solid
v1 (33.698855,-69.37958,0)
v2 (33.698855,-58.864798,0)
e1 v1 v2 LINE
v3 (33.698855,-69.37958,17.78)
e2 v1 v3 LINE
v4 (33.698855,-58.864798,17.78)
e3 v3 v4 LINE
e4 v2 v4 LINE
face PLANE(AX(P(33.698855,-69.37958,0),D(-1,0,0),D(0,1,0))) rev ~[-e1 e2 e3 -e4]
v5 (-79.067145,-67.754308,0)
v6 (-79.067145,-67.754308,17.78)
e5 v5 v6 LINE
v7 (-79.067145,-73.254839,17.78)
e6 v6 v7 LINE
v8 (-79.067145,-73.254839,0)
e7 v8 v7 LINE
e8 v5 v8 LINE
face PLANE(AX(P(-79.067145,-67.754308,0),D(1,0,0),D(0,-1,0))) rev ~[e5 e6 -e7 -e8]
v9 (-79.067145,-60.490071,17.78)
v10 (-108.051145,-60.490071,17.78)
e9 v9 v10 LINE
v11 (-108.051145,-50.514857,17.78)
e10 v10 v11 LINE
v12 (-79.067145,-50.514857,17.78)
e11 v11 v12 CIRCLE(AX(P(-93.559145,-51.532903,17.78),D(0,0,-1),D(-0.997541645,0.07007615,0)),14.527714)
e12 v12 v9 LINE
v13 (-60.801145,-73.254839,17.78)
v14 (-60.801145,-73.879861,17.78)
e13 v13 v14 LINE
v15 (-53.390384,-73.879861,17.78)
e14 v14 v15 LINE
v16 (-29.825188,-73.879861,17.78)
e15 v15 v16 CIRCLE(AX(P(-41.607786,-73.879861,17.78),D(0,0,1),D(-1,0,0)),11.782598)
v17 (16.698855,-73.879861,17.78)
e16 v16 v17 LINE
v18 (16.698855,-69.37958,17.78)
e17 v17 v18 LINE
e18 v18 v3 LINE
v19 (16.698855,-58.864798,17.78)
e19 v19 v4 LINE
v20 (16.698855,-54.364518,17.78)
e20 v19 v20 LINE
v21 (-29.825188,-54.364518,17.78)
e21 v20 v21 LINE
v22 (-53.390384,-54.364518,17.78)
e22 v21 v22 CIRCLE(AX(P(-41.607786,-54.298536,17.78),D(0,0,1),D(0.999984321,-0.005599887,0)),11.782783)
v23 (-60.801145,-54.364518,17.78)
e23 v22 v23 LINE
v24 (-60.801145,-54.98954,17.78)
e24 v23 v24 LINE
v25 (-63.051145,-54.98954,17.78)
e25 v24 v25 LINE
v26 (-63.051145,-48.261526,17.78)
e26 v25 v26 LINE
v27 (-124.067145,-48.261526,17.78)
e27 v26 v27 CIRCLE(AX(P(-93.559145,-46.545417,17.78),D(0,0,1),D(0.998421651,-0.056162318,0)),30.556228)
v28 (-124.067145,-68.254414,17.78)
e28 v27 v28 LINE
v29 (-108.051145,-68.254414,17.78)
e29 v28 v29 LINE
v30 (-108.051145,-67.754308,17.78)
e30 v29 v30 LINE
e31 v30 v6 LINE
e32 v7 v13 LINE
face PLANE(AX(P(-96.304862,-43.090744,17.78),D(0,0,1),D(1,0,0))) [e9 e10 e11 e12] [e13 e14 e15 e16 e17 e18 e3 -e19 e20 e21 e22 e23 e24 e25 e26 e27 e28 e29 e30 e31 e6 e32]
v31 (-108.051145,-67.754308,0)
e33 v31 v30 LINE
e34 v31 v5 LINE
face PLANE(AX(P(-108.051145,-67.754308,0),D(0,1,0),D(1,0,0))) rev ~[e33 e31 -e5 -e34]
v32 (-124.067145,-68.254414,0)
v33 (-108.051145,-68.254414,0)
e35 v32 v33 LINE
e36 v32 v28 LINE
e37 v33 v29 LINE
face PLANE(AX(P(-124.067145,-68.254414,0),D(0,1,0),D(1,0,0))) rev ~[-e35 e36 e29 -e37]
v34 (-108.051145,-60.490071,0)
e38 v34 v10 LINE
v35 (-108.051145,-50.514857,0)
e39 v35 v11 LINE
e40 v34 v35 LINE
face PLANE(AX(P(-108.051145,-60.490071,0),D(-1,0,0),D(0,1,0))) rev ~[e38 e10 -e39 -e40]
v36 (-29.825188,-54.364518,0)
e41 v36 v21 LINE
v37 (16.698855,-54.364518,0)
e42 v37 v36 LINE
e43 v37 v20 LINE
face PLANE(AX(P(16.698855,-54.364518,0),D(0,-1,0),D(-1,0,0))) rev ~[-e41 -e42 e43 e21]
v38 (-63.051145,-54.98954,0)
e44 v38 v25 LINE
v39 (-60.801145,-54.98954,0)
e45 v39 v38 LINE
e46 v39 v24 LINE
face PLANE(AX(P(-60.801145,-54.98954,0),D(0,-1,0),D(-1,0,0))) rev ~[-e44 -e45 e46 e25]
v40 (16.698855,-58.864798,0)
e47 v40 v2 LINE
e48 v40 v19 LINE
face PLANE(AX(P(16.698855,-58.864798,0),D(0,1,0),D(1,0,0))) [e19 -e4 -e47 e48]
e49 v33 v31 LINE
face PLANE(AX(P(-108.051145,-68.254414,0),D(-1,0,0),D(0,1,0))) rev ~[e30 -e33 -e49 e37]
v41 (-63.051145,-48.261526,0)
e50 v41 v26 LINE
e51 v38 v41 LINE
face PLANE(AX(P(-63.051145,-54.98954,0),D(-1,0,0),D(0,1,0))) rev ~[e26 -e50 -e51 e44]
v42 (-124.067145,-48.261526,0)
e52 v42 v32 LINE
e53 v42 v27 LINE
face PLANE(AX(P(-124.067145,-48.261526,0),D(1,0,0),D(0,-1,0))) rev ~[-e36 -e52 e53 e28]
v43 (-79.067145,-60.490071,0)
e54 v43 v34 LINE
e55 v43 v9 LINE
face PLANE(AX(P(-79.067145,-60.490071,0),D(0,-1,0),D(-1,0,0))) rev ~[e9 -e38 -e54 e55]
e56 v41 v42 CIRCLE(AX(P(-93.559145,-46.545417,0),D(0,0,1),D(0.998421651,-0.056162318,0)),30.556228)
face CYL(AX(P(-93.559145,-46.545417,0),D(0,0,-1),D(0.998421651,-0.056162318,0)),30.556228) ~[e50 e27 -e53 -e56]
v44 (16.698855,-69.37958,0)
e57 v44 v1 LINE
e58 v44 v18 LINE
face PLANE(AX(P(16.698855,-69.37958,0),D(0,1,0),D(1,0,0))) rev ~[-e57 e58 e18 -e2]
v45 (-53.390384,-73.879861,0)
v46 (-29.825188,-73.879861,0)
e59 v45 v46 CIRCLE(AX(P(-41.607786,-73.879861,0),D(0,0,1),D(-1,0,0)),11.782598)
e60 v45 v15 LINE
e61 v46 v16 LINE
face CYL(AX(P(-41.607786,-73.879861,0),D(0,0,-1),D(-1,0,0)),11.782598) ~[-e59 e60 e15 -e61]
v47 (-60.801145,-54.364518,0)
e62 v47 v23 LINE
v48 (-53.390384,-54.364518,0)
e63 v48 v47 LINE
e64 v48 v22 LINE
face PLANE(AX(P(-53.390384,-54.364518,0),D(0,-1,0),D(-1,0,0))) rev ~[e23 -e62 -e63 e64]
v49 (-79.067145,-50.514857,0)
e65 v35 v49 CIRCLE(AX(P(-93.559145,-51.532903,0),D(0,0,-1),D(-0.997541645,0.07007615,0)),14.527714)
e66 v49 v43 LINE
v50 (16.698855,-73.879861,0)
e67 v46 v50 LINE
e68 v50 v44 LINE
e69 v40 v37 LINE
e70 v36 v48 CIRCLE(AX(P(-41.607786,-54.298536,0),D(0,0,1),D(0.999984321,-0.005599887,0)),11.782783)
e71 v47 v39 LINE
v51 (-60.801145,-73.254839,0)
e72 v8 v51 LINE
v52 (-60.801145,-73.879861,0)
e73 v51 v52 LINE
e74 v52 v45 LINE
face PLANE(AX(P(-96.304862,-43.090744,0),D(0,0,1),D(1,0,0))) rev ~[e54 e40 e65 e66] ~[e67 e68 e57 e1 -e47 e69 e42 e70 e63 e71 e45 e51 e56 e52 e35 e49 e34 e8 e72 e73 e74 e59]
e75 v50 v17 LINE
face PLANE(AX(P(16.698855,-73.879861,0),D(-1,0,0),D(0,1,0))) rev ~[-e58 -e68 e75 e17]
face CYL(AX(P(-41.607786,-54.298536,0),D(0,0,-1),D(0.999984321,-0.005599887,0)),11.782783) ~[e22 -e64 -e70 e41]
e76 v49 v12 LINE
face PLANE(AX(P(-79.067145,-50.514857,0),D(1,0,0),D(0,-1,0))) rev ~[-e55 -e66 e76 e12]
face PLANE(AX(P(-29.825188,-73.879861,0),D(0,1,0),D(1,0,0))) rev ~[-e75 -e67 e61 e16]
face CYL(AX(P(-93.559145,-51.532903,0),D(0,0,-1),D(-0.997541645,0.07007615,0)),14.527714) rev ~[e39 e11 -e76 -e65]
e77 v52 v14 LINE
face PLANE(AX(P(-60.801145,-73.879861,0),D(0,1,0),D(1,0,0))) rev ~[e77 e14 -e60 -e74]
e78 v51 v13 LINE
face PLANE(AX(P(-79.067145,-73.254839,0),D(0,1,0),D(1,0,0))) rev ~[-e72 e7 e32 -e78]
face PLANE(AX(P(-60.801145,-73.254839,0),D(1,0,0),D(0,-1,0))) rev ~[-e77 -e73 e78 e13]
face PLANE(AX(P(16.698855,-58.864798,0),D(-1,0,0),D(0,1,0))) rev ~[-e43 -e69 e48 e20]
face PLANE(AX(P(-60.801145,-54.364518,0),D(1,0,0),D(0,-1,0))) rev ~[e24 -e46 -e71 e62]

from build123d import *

# Parameters (mm, degrees)
F0_W     = 17
F0_H     = 10.514781
F1_DEPTH = 17.78


with BuildPart() as f1:
    # F0 (on Top) → F1 (new body)
    with BuildSketch(Plane.XY):
        with BuildLine():
            Line((-63.051145, -54.98954), (-63.051145, -48.261526))
            ThreePointArc((-63.051145, -48.261526), (-93.559145, -15.989189), (-124.067145, -48.261526))
            Line((-124.067145, -48.261526), (-124.067145, -54.989189))
            Line((-124.067145, -54.989189), (-124.067145, -56.005189))
            Line((-124.067145, -56.005189), (-124.067145, -68.254414))
            Line((-124.067145, -68.254414), (-108.051145, -68.254414))
            Line((-108.051145, -68.254414), (-108.051145, -67.754308))
            Line((-108.051145, -67.754308), (-108.051145, -60.490071))
            Line((-108.051145, -60.490071), (-108.051145, -56.005189))
            Line((-108.051145, -56.005189), (-108.051145, -54.989189))
            Line((-108.051145, -54.989189), (-108.051145, -50.514857))
            ThreePointArc((-108.051145, -50.514857), (-93.559145, -37.005189), (-79.067145, -50.514857))
            Line((-79.067145, -50.514857), (-79.067145, -54.98954))
            Line((-79.067145, -54.98954), (-63.051145, -54.98954))
        make_face()
        Polygon((-79.067145, -61.005189), (-79.067145, -60.490071), (-108.051145, -60.490071), (-108.051145, -67.754308), (-79.067145, -67.754308), align=None)
        Polygon((-60.801145, -54.98954), (-63.051145, -54.98954), (-79.067145, -54.98954), (-79.067145, -60.490071), (-79.067145, -61.005189), (-79.067145, -67.754308), (-79.067145, -73.254839), (-60.801145, -73.254839), align=None)
        Polygon((-60.801145, -54.364518), (-60.801145, -54.98954), (-60.801145, -73.254839), (-60.801145, -73.879861), (-53.390384, -73.879861), (-29.825188, -73.879861), (-23.928846, -73.879861), (16.698855, -73.879861), (16.698855, -69.37958), (16.698855, -58.864799), (16.698855, -54.364518), (-29.825188, -54.364518), (-53.390384, -54.364518), align=None)
        with Locations((25.198855, -64.122189)):
            Rectangle(F0_W, F0_H)
        with BuildLine():
            ThreePointArc((-29.825188, -54.364518), (-41.607786, -42.515753), (-53.390384, -54.364518))
            Line((-53.390384, -54.364518), (-29.825188, -54.364518))
        make_face()
        with BuildLine():
            Line((-29.825188, -73.879861), (-53.390384, -73.879861))
            ThreePointArc((-53.390384, -73.879861), (-41.607786, -85.662459), (-29.825188, -73.879861))
        make_face()
    extrude(amount=F1_DEPTH)


solid = f1.part
